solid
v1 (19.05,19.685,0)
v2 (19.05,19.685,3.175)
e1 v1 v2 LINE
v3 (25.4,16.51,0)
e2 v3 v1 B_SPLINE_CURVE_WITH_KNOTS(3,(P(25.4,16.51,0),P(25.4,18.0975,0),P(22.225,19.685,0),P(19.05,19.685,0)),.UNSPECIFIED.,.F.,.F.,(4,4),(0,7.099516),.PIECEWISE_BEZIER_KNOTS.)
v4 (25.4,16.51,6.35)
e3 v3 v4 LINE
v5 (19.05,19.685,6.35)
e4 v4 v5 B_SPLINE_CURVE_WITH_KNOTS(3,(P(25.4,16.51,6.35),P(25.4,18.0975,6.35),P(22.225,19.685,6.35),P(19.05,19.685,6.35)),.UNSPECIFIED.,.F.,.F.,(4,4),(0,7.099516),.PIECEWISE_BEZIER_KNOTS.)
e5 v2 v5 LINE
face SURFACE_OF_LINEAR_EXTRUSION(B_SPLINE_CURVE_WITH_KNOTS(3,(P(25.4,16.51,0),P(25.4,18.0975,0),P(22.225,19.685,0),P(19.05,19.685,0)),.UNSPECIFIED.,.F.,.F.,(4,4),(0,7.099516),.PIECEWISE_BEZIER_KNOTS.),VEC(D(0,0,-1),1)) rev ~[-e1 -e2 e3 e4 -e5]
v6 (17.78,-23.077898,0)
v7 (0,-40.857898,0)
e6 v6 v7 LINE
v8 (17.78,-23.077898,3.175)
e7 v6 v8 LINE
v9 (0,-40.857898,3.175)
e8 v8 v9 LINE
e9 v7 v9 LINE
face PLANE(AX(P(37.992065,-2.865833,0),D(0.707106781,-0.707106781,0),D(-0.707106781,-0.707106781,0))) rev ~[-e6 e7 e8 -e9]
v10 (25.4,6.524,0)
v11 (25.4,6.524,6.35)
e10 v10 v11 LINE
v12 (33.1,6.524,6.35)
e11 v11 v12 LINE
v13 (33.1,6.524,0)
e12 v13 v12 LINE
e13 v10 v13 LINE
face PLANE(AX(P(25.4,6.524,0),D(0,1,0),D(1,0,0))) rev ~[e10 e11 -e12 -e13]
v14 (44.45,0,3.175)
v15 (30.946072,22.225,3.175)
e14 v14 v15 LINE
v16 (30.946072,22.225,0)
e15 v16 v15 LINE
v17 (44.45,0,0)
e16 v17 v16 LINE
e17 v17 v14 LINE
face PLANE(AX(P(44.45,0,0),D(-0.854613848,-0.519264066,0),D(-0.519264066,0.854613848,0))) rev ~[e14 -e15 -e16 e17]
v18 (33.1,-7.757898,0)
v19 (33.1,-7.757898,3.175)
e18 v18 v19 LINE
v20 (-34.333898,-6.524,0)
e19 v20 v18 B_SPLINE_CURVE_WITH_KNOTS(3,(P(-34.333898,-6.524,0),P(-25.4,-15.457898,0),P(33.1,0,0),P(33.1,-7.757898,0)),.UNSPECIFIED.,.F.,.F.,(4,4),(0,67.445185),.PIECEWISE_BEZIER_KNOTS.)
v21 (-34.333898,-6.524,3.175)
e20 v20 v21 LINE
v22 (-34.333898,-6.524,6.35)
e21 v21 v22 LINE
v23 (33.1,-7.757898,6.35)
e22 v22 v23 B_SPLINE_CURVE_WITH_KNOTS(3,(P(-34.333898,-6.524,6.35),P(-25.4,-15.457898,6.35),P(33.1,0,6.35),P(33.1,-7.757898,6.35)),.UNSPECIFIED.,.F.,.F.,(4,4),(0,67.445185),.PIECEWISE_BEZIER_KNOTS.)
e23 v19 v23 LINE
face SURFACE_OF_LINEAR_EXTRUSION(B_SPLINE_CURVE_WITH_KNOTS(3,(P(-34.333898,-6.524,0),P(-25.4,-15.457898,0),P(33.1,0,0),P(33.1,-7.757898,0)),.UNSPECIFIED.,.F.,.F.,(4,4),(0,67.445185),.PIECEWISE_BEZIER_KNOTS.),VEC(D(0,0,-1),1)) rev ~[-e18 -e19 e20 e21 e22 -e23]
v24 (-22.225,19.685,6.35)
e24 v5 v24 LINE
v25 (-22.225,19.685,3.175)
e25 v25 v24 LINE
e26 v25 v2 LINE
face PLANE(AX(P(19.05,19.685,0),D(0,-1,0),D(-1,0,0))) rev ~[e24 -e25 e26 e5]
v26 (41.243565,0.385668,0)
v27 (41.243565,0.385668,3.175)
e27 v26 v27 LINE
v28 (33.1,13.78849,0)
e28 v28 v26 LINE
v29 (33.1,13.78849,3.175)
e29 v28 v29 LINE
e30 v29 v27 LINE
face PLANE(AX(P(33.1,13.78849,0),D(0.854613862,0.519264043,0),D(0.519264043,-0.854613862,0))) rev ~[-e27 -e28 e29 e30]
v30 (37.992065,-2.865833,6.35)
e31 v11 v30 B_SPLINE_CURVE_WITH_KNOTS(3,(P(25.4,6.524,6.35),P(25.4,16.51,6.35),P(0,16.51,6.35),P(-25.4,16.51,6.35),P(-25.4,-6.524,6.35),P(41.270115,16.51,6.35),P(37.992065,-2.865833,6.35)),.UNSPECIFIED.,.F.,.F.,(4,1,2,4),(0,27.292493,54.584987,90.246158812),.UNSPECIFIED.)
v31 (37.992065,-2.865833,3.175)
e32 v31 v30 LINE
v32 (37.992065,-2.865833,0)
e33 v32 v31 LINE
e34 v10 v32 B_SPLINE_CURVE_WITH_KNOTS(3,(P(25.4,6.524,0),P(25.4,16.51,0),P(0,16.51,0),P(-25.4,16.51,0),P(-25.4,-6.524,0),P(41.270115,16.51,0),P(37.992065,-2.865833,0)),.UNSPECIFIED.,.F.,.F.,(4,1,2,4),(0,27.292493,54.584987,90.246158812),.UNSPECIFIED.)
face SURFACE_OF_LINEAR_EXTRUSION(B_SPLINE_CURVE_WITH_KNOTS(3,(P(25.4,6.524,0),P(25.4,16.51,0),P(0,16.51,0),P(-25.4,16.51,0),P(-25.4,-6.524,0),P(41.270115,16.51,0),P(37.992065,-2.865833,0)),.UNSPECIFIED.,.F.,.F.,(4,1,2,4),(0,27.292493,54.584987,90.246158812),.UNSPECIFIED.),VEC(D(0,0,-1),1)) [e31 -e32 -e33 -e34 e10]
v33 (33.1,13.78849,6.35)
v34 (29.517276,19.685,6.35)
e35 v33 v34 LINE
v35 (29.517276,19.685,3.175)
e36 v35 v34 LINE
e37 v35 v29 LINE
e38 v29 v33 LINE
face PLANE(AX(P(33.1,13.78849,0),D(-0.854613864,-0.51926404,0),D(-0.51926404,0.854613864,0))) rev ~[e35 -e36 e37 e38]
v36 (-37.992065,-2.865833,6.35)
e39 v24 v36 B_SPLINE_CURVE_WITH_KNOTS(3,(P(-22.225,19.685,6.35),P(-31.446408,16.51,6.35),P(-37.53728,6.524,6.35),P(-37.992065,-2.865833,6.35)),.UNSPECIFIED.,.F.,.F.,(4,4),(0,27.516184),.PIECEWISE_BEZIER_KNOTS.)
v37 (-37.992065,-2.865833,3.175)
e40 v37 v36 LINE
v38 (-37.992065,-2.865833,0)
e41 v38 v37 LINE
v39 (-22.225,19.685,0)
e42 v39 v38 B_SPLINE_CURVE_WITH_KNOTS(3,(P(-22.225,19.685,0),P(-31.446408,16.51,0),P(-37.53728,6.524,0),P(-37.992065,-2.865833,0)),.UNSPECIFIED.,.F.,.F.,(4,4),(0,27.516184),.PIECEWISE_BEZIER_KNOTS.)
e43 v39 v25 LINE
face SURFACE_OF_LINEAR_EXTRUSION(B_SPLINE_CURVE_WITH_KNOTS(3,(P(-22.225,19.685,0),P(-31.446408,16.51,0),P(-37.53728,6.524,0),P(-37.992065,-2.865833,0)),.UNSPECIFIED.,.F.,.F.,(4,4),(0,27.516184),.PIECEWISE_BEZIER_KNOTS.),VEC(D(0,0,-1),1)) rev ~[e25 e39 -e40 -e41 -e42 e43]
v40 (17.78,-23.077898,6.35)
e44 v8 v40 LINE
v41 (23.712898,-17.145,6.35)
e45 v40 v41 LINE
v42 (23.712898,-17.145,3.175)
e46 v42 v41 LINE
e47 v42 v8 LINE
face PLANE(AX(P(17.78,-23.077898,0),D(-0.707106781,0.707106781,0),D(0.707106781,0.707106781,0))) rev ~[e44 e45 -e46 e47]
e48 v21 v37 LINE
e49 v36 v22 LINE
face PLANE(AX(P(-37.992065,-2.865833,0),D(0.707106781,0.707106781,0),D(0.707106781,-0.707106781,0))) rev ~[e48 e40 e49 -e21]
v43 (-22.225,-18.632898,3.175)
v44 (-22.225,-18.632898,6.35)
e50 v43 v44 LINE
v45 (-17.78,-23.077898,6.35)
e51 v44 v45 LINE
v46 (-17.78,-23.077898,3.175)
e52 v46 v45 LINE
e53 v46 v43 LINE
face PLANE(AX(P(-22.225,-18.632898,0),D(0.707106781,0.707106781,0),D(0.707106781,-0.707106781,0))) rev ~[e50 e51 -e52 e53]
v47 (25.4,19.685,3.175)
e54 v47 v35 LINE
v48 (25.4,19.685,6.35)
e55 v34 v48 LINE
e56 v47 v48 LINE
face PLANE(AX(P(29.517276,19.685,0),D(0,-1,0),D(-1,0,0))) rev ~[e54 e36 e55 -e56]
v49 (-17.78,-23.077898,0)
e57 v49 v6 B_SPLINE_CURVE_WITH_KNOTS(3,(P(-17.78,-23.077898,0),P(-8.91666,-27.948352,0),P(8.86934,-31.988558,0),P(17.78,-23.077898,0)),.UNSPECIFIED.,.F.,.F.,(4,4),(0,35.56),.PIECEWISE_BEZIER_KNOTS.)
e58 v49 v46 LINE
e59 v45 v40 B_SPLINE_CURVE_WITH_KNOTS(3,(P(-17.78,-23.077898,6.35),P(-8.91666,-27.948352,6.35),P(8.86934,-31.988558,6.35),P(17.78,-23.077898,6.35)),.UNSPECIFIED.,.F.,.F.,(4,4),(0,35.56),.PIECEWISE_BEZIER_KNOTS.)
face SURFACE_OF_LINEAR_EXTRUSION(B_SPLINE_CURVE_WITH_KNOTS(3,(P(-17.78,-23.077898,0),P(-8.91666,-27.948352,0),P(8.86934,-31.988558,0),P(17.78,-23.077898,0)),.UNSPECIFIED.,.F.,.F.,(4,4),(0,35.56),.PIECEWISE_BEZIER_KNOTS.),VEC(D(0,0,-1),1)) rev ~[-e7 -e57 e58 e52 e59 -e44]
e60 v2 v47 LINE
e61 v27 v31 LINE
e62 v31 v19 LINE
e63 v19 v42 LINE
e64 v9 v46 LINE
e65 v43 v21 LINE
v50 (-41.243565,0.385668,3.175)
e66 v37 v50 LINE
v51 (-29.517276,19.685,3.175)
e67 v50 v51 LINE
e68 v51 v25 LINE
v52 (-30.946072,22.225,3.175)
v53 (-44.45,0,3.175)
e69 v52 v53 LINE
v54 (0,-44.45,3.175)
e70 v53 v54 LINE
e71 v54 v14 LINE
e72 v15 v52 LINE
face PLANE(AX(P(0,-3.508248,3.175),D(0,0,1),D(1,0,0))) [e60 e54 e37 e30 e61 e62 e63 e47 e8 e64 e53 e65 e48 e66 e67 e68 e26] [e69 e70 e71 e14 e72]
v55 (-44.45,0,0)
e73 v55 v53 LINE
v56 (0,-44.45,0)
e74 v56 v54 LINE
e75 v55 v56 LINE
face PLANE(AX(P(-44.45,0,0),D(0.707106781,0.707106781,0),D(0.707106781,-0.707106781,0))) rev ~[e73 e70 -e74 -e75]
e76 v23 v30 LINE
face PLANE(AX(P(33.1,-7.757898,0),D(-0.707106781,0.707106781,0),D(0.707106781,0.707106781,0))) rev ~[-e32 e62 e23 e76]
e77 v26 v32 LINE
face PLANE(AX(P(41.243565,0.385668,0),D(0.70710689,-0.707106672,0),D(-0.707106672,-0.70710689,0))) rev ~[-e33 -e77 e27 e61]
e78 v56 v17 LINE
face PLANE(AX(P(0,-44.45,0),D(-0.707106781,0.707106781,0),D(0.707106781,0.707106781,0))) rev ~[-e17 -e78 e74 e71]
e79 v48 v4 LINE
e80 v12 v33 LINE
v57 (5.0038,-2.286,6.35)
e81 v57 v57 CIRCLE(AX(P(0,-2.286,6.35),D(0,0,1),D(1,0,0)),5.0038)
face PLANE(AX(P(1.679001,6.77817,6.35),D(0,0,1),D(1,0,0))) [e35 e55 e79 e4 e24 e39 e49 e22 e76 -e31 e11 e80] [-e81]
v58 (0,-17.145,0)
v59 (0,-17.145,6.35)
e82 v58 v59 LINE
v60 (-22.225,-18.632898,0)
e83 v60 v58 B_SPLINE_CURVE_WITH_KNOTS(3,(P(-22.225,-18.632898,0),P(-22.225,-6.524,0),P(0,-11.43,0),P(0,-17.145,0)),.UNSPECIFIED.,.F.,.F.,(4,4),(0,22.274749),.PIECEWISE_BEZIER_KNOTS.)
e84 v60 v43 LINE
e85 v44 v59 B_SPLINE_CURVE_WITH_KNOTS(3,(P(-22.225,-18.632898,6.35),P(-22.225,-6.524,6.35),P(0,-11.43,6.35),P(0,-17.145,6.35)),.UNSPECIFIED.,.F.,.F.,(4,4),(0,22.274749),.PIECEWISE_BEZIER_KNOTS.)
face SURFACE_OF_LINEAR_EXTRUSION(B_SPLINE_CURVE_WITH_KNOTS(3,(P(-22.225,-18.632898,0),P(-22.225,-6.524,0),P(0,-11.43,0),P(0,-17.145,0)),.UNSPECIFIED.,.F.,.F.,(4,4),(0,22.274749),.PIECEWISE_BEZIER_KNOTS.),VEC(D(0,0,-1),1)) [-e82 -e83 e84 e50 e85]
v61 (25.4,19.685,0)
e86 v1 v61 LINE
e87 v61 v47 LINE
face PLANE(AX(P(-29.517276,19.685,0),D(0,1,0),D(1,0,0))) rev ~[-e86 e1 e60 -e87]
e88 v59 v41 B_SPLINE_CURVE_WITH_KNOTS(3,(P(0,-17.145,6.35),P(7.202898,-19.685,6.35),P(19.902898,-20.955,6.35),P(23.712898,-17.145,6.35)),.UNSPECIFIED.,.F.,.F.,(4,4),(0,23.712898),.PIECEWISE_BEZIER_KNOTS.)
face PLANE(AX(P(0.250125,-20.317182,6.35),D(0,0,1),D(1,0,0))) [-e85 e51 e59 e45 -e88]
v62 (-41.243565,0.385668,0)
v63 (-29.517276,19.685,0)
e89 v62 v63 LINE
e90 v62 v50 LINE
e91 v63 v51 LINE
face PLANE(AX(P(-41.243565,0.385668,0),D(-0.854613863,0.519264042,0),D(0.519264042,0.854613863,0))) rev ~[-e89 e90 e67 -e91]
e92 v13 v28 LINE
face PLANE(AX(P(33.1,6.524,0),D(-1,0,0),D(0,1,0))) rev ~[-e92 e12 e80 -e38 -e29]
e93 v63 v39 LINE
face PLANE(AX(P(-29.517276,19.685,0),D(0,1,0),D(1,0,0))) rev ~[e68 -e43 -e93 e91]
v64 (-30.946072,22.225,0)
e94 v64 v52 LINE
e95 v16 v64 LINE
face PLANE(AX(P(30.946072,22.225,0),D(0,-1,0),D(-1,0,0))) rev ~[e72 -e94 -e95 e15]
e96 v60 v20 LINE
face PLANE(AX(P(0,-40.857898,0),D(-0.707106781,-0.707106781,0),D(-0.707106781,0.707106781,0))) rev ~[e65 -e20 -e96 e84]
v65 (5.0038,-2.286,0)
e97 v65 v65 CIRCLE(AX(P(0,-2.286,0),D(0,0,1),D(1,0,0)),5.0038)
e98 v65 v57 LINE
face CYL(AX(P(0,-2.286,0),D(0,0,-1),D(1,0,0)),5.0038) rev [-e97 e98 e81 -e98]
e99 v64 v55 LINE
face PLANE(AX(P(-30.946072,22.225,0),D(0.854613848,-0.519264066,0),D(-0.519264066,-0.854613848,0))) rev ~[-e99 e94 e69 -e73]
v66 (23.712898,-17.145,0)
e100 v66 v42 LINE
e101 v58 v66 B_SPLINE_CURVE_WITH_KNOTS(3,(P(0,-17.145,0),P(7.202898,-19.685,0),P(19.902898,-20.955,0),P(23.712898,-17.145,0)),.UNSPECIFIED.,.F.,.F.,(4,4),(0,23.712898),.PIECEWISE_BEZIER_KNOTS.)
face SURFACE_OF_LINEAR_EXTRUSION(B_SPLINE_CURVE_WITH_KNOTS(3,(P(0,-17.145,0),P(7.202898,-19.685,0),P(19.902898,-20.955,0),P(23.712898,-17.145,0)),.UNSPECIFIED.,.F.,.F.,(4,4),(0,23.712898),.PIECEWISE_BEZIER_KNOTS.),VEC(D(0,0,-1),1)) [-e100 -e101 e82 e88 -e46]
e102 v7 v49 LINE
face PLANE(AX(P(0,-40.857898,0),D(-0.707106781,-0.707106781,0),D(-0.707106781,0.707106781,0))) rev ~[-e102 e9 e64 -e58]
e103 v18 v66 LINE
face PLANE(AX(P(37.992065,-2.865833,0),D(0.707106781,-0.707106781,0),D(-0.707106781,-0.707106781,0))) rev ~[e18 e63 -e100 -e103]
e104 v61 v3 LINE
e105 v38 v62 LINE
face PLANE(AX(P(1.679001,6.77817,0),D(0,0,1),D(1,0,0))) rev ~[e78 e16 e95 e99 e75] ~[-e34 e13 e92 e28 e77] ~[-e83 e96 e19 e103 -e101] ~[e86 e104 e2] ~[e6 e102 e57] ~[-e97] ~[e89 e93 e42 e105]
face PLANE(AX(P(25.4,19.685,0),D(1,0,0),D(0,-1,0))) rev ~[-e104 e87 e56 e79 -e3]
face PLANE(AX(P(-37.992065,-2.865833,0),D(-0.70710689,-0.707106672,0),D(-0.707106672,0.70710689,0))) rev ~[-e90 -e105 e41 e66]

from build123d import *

# Parameters (mm, degrees)
F1_DEPTH = 3.175
F0_R     = 5.0038
F2_DEPTH = 6.35


with BuildPart() as f1:
    # F0 (on Top) → F1 (new body)
    with BuildSketch(Plane.XY):
        Polygon((30.946072, 22.225), (-30.946072, 22.225), (-44.45, 0), (0, -44.45), (44.45, 0), align=None)
        Polygon((25.4, 19.685), (29.517276, 19.685), (33.1, 13.78849), (41.243565, 0.385668), (37.992065, -2.865833), (33.1, -7.757898), (23.712898, -17.145), (17.78, -23.077898), (0, -40.857898), (-17.78, -23.077898), (-22.225, -18.632898), (-34.333898, -6.524), (-37.992065, -2.865833), (-41.243565, 0.385668), (-29.517276, 19.685), (-22.225, 19.685), (19.05, 19.685), align=None, mode=Mode.SUBTRACT)
    extrude(amount=F1_DEPTH)

    # F0 (on Top) → F2 (join)
    with BuildSketch(Plane.XY):
        with BuildLine():
            Line((33.1, 13.78849), (29.517276, 19.685))
            Line((29.517276, 19.685), (25.4, 19.685))
            Line((25.4, 19.685), (25.4, 16.51))
            add(Edge.make_bspline(
                [(25.4, 16.51), (25.4, 18.0975), (22.225, 19.685), (19.05, 19.685)],
                knots=[0, 0, 0, 0, 7.099516, 7.099516, 7.099516, 7.099516], degree=3))
            Line((19.05, 19.685), (-22.225, 19.685))
            add(Edge.make_bspline(
                [(-22.225, 19.685), (-31.446408, 16.51), (-37.53728, 6.524), (-37.992065, -2.865833)],
                knots=[0, 0, 0, 0, 27.516184, 27.516184, 27.516184, 27.516184], degree=3))
            Line((-37.992065, -2.865833), (-34.333898, -6.524))
            add(Edge.make_bspline(
                [(-34.333898, -6.524), (-25.4, -15.457898), (33.1, 0), (33.1, -7.757898)],
                knots=[0, 0, 0, 0, 67.445185, 67.445185, 67.445185, 67.445185], degree=3))
            Line((33.1, -7.757898), (37.992065, -2.865833))
            add(Edge.make_bspline(
                [(-25.4, 6.524), (-25.4, -6.524), (41.270115, 16.51), (37.992065, -2.865833)],
                knots=[0, 0, 0, 0, 64.083718, 64.083718, 64.083718, 64.083718], degree=3))
            add(Edge.make_bspline(
                [(25.4, 6.524), (25.4, 16.51), (0, 16.51), (-25.4, 16.51), (-25.4, 6.524)],
                knots=[0, 0, 0, 0, 27.292493, 54.584987, 54.584987, 54.584987, 54.584987], degree=3))
            Line((25.4, 6.524), (33.1, 6.524))
            Line((33.1, 6.524), (33.1, 13.78849))
        make_face()
        with Locations((0, -2.286)):
            Circle(F0_R, mode=Mode.SUBTRACT)
        with BuildLine():
            Line((17.78, -23.077898), (23.712898, -17.145))
            add(Edge.make_bspline(
                [(0, -17.145), (7.202898, -19.685), (19.902898, -20.955), (23.712898, -17.145)],
                knots=[0, 0, 0, 0, 23.712898, 23.712898, 23.712898, 23.712898], degree=3))
            add(Edge.make_bspline(
                [(-22.225, -18.632898), (-22.225, -6.524), (0, -11.43), (0, -17.145)],
                knots=[0, 0, 0, 0, 22.274749, 22.274749, 22.274749, 22.274749], degree=3))
            Line((-22.225, -18.632898), (-17.78, -23.077898))
            add(Edge.make_bspline(
                [(-17.78, -23.077898), (-8.91666, -27.948352), (8.86934, -31.988558), (17.78, -23.077898)],
                knots=[0, 0, 0, 0, 35.56, 35.56, 35.56, 35.56], degree=3))
        make_face()
    extrude(amount=F2_DEPTH)


solid = f1.part
